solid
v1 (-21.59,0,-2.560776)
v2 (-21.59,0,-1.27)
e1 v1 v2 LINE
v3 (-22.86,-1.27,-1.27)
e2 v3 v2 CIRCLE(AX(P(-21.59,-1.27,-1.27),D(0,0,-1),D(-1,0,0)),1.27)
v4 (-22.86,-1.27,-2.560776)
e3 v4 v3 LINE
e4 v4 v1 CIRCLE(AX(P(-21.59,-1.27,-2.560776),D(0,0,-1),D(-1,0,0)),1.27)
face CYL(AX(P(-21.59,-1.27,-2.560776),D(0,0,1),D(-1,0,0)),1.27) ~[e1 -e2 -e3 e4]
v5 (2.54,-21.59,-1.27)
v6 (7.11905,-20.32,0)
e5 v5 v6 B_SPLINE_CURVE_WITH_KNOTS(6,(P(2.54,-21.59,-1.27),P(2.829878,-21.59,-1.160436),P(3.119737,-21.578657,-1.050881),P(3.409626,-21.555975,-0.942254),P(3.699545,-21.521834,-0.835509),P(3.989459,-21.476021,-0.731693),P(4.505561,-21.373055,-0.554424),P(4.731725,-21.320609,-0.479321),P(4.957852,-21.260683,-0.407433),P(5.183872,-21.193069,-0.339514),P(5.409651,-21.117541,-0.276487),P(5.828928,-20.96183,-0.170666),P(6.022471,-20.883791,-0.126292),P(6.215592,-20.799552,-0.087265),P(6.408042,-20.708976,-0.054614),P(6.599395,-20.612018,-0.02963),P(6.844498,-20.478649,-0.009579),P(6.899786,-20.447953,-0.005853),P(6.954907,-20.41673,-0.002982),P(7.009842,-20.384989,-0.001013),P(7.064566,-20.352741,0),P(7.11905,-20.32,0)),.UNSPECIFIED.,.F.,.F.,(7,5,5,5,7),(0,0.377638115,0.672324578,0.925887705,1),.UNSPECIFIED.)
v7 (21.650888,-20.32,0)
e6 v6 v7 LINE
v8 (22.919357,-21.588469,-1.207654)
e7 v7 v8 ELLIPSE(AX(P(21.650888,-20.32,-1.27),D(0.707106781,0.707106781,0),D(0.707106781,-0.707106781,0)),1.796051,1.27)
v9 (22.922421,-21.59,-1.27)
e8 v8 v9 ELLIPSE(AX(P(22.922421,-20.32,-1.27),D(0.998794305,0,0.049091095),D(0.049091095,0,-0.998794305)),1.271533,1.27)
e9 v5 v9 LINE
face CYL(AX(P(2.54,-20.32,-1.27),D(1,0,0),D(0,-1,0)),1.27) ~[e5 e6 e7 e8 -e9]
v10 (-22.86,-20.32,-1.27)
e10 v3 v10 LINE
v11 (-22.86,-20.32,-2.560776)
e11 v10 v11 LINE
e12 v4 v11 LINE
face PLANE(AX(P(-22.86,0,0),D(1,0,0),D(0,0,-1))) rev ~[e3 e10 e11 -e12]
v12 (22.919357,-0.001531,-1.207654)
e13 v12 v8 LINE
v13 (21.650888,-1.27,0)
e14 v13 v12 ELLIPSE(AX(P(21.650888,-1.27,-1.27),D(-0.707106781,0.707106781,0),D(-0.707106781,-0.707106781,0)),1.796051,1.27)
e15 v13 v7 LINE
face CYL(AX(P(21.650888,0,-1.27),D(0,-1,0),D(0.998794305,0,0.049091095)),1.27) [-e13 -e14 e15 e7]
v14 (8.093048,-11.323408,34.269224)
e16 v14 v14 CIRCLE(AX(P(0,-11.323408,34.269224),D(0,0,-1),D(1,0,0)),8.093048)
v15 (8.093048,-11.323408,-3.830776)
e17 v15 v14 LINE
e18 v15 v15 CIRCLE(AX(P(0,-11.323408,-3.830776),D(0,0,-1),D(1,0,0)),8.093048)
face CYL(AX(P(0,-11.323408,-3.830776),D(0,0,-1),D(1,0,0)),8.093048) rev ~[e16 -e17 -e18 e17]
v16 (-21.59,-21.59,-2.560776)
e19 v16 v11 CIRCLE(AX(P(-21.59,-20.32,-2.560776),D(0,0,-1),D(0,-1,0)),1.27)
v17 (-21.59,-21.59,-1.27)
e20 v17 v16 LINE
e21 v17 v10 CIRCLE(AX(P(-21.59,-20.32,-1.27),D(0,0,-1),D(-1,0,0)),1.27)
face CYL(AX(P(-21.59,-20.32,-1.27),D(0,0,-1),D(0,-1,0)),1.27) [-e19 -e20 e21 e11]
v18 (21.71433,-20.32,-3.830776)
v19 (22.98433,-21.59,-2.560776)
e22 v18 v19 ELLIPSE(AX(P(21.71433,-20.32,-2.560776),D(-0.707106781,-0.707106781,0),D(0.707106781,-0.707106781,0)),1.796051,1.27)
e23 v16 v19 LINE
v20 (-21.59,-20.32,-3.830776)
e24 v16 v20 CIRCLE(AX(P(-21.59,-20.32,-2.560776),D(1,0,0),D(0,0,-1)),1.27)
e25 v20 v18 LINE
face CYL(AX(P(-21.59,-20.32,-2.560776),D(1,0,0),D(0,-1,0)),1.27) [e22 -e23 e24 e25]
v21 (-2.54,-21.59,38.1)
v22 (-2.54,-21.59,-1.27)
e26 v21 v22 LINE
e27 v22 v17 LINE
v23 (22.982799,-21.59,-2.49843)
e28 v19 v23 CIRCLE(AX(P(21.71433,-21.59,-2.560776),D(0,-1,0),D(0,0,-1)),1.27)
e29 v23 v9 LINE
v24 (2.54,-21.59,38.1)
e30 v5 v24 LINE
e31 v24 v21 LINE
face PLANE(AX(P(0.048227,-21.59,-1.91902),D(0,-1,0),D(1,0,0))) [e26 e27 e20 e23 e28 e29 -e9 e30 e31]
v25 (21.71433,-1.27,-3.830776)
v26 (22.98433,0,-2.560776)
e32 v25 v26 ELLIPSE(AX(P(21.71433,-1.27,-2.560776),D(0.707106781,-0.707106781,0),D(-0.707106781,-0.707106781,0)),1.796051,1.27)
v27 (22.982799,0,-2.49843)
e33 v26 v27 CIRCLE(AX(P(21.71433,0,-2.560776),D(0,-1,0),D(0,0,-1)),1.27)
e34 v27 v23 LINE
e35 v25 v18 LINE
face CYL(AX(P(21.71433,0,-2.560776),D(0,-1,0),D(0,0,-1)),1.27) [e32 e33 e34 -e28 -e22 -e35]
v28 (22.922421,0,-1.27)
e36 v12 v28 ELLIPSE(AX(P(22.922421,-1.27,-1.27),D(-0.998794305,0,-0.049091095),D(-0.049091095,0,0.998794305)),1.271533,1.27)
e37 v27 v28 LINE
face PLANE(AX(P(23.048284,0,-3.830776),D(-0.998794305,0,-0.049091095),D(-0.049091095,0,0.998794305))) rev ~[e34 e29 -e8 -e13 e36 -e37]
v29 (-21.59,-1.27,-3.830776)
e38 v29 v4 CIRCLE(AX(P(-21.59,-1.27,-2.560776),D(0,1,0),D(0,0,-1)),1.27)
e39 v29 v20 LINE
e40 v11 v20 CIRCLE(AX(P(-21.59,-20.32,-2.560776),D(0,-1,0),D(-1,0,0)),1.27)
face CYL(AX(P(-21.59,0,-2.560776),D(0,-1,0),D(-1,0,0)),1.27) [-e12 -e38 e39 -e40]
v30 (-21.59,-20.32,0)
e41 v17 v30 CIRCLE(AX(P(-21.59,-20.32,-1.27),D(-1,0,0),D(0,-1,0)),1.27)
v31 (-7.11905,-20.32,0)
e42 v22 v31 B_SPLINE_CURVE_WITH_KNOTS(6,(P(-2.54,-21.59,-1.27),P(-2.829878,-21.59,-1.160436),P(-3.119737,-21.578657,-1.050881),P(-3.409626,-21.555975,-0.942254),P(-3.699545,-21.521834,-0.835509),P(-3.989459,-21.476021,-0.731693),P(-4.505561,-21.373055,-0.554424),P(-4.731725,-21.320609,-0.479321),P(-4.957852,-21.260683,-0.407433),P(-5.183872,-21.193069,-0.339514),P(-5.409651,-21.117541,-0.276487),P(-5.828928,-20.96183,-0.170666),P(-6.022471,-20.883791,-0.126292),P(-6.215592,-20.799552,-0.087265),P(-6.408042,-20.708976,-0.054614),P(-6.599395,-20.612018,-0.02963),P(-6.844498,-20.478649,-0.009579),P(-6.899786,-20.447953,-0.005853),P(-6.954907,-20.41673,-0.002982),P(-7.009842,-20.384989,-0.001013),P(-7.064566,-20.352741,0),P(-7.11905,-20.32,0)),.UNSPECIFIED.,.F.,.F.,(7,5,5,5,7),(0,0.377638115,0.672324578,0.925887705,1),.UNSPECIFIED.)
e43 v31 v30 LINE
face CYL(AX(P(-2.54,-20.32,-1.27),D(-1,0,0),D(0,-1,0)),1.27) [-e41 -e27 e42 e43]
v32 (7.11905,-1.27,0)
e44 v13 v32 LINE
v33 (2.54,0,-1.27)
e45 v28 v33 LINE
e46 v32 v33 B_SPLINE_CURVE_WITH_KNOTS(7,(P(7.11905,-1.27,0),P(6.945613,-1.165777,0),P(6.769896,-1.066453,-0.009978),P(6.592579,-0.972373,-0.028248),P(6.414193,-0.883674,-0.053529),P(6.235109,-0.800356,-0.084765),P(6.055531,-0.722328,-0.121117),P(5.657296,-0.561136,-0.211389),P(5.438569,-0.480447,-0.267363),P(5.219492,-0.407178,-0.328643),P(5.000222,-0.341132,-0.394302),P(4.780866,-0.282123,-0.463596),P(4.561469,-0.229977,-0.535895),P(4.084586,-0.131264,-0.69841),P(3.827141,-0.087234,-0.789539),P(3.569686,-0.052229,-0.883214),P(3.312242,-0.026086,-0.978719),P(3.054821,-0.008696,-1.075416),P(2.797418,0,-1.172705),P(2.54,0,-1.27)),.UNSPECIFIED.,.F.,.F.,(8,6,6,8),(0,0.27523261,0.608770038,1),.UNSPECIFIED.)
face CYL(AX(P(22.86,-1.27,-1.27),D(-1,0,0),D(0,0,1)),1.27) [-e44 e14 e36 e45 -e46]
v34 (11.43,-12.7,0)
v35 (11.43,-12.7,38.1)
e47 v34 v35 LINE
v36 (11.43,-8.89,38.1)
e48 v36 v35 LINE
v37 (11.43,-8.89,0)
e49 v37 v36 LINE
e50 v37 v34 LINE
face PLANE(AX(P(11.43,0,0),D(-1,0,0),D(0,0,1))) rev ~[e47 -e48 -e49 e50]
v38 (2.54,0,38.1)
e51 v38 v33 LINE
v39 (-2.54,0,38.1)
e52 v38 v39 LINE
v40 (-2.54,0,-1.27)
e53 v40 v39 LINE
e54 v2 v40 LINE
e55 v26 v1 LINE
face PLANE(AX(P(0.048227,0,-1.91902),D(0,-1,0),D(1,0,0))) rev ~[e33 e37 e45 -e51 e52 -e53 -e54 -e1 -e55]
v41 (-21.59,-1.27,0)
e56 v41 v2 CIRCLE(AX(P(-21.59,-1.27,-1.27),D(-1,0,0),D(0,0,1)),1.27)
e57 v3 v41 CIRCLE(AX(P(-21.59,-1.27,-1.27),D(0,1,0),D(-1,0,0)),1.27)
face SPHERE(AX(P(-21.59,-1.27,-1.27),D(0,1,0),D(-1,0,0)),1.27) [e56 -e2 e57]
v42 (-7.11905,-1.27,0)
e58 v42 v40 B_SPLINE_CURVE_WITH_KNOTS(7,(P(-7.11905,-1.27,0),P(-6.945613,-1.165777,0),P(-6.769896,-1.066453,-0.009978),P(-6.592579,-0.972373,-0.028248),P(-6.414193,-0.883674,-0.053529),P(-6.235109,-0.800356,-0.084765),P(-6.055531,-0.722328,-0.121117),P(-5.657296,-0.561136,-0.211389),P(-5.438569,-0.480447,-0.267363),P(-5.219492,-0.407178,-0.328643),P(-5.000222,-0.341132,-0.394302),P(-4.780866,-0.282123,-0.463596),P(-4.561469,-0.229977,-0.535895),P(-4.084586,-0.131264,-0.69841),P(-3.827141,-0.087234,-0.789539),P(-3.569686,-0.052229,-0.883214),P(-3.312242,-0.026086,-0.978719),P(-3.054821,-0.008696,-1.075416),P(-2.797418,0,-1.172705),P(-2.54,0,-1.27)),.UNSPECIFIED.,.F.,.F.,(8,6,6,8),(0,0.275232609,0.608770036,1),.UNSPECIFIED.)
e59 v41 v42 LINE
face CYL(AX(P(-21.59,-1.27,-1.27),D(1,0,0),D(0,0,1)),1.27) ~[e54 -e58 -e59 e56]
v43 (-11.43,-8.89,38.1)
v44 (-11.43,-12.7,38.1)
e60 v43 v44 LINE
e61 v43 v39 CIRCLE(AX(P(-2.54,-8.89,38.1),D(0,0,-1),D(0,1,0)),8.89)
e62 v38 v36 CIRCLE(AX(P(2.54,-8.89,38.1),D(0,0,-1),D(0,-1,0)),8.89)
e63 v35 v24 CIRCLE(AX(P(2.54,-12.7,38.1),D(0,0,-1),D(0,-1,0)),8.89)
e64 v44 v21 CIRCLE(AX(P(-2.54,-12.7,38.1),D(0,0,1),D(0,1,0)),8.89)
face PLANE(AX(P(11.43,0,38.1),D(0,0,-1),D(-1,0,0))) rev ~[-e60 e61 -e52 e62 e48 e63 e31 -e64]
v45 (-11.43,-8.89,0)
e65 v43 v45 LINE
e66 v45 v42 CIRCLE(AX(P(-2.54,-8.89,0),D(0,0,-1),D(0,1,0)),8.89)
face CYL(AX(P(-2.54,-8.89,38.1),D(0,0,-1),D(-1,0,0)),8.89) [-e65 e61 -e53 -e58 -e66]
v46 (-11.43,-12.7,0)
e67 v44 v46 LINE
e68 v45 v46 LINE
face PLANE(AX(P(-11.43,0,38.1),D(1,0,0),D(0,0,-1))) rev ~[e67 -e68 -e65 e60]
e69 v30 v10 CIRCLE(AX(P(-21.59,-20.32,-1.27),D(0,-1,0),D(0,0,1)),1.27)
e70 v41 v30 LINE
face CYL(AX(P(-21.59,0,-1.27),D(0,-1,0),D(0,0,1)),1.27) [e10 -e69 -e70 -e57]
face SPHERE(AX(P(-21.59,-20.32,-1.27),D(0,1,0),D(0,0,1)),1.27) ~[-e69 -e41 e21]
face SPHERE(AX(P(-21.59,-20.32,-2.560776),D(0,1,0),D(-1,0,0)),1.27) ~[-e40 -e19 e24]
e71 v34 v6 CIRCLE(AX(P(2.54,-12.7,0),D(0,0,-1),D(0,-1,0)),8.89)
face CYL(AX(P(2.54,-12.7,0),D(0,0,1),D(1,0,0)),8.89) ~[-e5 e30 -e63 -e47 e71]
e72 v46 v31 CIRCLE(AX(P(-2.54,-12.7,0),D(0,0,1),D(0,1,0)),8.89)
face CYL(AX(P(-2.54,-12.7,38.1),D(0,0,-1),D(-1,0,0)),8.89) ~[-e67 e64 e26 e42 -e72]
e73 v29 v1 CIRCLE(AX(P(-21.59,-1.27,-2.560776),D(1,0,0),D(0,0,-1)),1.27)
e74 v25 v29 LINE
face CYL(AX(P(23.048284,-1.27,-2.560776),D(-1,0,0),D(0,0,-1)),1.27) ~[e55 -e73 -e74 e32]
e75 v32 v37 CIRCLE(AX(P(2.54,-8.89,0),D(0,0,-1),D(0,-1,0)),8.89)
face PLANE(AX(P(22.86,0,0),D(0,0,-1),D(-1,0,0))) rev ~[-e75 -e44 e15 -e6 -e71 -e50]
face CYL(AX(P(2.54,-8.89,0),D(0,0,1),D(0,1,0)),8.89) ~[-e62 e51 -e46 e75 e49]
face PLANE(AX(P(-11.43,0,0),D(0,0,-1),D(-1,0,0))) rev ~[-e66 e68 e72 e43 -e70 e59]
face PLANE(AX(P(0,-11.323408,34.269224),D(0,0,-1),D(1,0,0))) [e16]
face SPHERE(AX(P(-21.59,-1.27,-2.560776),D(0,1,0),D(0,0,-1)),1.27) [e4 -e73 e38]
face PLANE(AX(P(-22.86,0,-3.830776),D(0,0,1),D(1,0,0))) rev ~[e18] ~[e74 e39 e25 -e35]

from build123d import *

# Parameters (mm, degrees)
F1_DEPTH = 21.59
F2_R     = 8.89
F3_R     = 8.89
F4_R     = 1.27
F5_R     = 1.27
F6_R     = 1.27
F7_R     = 8.093048
F8_DEPTH = 38.1


with BuildPart() as f1:
    # F0 (on Front) → F1 (new body)
    with BuildSketch(Plane.XZ):
        Polygon((-11.43, 0), (-22.86, 0), (-22.86, -3.830776), (23.048284, -3.830776), (22.86, 0), (11.43, 0), (0, 0), align=None)
        Polygon((-11.43, 38.1), (-11.43, 0), (0, 0), (11.43, 0), (11.43, 38.1), align=None)
    extrude(amount=F1_DEPTH)

    # F2
    f2_edges = [f1.edges().sort_by_distance(p)[0] for p in [
        (11.43, -21.59, 19.05),
    ]]
    fillet(f2_edges, radius=F2_R)

    # F3
    f3_edges = [f1.edges().sort_by_distance(p)[0] for p in [
        (-11.43, -21.59, 19.05),
        (11.43, 0, 19.05),
        (-11.43, 0, 19.05),
    ]]
    fillet(f3_edges, radius=F3_R)

    # F4
    f4_edges = [f1.edges().sort_by_distance(p)[0] for p in [
        (-22.86, -10.795, 0),
    ]]
    fillet(f4_edges, radius=F4_R)

    # F5
    f5_edges = [f1.edges().sort_by_distance(p)[0] for p in [
        (-22.86, -10.795, -3.830776),
    ]]
    fillet(f5_edges, radius=F5_R)

    # F6
    f6_edges = [f1.edges().sort_by_distance(p)[0] for p in [
        (-16.51, 0, 0),
        (0.729142, 0, -3.830776),
        (6.985, 0, 0),
        (22.86, -10.795, 0),
        (23.048284, -10.795, -3.830776),
        (17.145, -21.59, 0),
        (0.729142, -21.59, -3.830776),
        (-16.51, -21.59, 0),
    ]]
    fillet(f6_edges, radius=F6_R)

    # F7 (on face) → F8 (cut)
    with BuildSketch(Plane(origin=(0, 0, -3.830776), x_dir=(1, 0, 0), z_dir=(0, 0, -1))):
        with Locations((0, 11.323408)):
            Circle(F7_R)
    extrude(amount=-F8_DEPTH, mode=Mode.SUBTRACT)


solid = f1.part
